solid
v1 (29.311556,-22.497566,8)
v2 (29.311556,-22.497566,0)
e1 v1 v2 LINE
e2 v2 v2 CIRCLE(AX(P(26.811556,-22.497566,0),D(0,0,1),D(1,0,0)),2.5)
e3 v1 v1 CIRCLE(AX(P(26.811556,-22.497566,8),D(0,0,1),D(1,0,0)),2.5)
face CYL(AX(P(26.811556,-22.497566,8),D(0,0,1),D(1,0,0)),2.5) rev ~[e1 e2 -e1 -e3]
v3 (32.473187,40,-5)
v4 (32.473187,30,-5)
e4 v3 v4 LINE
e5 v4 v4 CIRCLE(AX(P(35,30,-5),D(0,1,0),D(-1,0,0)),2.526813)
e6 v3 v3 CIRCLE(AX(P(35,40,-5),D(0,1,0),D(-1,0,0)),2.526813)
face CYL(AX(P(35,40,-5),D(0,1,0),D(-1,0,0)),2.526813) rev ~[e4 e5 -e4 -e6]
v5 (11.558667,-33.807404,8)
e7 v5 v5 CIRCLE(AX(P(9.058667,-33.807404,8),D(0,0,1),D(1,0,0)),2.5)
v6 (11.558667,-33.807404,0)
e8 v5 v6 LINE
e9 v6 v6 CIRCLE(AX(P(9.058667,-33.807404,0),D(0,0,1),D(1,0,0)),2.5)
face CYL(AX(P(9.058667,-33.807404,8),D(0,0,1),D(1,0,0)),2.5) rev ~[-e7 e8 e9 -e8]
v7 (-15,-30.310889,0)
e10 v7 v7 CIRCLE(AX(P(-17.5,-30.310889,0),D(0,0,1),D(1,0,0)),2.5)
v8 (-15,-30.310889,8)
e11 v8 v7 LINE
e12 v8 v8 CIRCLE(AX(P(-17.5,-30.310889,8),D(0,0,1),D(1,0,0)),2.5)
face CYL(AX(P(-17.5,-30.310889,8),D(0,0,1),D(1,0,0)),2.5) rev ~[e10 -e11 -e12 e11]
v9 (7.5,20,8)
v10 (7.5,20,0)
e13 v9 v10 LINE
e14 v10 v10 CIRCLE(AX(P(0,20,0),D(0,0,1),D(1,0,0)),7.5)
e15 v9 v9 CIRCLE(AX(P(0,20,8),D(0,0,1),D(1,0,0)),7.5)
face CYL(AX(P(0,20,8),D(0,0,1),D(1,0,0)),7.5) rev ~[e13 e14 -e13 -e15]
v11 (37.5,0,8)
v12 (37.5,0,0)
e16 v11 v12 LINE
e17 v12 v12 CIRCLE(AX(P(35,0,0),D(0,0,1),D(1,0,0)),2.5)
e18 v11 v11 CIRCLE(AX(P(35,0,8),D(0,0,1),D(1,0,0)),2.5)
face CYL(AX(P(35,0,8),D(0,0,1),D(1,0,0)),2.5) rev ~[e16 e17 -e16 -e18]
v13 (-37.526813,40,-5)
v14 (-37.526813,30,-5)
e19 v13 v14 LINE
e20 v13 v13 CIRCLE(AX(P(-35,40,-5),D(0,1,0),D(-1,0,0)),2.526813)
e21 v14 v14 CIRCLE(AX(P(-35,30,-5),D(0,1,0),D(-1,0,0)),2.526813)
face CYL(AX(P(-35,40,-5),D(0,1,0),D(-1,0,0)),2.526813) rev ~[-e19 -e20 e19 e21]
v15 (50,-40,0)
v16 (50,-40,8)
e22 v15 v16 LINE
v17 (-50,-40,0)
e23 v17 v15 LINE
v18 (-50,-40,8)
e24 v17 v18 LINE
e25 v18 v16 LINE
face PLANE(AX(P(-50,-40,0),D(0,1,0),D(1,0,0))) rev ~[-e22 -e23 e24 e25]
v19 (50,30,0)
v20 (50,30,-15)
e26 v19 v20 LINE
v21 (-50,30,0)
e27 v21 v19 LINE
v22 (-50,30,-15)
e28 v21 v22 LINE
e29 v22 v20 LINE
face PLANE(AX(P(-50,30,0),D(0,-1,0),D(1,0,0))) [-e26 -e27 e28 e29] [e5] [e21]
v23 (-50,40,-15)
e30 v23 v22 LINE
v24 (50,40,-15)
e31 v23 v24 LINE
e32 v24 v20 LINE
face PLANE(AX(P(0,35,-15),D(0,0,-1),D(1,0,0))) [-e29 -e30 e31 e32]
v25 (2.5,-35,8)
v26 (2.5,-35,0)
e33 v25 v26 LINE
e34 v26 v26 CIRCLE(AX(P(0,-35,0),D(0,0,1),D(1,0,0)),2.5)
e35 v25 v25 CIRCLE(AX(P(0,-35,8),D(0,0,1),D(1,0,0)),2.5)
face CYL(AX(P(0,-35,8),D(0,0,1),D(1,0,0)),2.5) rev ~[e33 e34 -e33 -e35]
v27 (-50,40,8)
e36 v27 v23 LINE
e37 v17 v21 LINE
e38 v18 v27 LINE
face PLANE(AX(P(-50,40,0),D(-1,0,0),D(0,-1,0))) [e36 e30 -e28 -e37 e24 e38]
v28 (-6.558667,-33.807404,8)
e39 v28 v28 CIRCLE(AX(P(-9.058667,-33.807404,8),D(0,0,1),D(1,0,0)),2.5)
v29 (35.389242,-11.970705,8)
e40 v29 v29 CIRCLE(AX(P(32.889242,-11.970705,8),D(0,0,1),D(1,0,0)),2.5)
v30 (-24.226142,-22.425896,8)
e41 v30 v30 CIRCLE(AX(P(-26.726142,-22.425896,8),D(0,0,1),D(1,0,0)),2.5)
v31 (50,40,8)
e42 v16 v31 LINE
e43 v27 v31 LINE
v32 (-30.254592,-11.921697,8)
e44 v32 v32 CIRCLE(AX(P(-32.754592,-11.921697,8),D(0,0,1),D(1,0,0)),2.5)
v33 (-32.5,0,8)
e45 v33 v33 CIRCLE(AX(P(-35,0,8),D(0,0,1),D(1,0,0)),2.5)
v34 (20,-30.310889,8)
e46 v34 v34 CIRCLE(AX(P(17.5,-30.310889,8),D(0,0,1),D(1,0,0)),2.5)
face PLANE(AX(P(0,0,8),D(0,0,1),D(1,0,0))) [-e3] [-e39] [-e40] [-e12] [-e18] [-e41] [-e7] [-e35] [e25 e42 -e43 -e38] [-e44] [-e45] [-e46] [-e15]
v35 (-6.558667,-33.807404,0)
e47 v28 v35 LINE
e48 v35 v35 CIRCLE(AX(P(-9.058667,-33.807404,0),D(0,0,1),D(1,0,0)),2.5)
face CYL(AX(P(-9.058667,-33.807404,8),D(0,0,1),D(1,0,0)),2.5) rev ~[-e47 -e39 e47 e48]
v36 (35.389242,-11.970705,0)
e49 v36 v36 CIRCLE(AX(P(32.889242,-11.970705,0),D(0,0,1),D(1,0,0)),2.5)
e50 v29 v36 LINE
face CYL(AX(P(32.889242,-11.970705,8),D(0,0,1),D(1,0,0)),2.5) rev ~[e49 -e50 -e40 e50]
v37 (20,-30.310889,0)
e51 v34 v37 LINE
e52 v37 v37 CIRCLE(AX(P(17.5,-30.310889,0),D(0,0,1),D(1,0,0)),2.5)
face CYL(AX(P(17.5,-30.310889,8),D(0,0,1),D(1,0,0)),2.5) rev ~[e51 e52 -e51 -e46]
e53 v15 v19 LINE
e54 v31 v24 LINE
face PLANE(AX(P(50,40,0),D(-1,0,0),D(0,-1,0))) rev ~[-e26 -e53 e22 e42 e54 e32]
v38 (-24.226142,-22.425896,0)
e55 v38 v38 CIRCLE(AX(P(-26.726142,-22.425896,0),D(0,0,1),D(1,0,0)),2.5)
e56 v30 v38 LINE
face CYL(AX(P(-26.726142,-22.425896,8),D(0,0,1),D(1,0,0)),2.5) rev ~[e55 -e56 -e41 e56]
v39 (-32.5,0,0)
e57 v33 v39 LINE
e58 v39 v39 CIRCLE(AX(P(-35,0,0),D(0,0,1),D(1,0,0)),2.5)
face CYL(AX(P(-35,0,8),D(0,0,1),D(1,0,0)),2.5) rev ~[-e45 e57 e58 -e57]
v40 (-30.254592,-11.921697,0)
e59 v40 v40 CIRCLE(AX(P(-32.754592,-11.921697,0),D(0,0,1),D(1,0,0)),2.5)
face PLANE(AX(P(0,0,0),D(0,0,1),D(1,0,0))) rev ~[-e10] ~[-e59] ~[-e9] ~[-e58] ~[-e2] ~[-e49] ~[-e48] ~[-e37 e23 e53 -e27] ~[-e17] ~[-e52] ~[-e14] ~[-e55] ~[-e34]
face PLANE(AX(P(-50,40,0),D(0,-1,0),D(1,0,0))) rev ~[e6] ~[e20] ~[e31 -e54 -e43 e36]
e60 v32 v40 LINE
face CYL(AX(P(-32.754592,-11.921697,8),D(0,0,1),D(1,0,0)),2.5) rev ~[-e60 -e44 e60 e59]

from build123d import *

# Parameters (mm, degrees)
F0_W     = 100
F0_H     = 80
F1_DEPTH = 8
F2_R     = 2.5
F3_DEPTH = 25
F4_W     = 100
F4_H     = 10
F5_DEPTH = 15
F6_R     = 2.526813
F7_DEPTH = 25
F8_R     = 7.5
F9_DEPTH = 25


with BuildPart() as f1:
    # F0 (on Top) → F1 (new body)
    with BuildSketch(Plane.XY):
        Rectangle(F0_W, F0_H)
    extrude(amount=F1_DEPTH)

    # F2 (on face) → F3 (cut)
    with BuildSketch(Plane.XY.offset(8)):
        with Locations((-32.754592, -11.921697)):
            Circle(F2_R)
        with Locations((-26.726142, -22.425896)):
            Circle(F2_R)
        with Locations((-17.5, -30.310889)):
            Circle(F2_R)
        with Locations((0, -35)):
            Circle(F2_R)
        with Locations((-35, 0)):
            Circle(F2_R)
        with Locations((17.5, -30.310889)):
            Circle(F2_R)
        with Locations((26.811556, -22.497566)):
            Circle(F2_R)
        with Locations((32.889242, -11.970705)):
            Circle(F2_R)
        with Locations((35, 0)):
            Circle(F2_R)
        with Locations((-9.058667, -33.807404)):
            Circle(F2_R)
        with Locations((9.058667, -33.807404)):
            Circle(F2_R)
    extrude(amount=-F3_DEPTH, mode=Mode.SUBTRACT)

    # F4 (on face) → F5 (join)
    with BuildSketch(Plane(origin=(0, 0, 0), x_dir=(1, 0, 0), z_dir=(0, 0, -1))):
        with Locations((0, -35)):
            Rectangle(F4_W, F4_H)
    extrude(amount=F5_DEPTH)

    # F6 (on face) → F7 (cut)
    with BuildSketch(Plane(origin=(0, 40, 0), x_dir=(-1, 0, 0), z_dir=(0, 1, 0))):
        with Locations((35, -5)):
            Circle(F6_R)
        with Locations((-35, -5)):
            Circle(F6_R)
    extrude(amount=-F7_DEPTH, mode=Mode.SUBTRACT)

    # F8 (on face) → F9 (cut)
    with BuildSketch(Plane.XY.offset(8)):
        with Locations((0, 20)):
            Circle(F8_R)
    extrude(amount=-F9_DEPTH, mode=Mode.SUBTRACT)


solid = f1.part
